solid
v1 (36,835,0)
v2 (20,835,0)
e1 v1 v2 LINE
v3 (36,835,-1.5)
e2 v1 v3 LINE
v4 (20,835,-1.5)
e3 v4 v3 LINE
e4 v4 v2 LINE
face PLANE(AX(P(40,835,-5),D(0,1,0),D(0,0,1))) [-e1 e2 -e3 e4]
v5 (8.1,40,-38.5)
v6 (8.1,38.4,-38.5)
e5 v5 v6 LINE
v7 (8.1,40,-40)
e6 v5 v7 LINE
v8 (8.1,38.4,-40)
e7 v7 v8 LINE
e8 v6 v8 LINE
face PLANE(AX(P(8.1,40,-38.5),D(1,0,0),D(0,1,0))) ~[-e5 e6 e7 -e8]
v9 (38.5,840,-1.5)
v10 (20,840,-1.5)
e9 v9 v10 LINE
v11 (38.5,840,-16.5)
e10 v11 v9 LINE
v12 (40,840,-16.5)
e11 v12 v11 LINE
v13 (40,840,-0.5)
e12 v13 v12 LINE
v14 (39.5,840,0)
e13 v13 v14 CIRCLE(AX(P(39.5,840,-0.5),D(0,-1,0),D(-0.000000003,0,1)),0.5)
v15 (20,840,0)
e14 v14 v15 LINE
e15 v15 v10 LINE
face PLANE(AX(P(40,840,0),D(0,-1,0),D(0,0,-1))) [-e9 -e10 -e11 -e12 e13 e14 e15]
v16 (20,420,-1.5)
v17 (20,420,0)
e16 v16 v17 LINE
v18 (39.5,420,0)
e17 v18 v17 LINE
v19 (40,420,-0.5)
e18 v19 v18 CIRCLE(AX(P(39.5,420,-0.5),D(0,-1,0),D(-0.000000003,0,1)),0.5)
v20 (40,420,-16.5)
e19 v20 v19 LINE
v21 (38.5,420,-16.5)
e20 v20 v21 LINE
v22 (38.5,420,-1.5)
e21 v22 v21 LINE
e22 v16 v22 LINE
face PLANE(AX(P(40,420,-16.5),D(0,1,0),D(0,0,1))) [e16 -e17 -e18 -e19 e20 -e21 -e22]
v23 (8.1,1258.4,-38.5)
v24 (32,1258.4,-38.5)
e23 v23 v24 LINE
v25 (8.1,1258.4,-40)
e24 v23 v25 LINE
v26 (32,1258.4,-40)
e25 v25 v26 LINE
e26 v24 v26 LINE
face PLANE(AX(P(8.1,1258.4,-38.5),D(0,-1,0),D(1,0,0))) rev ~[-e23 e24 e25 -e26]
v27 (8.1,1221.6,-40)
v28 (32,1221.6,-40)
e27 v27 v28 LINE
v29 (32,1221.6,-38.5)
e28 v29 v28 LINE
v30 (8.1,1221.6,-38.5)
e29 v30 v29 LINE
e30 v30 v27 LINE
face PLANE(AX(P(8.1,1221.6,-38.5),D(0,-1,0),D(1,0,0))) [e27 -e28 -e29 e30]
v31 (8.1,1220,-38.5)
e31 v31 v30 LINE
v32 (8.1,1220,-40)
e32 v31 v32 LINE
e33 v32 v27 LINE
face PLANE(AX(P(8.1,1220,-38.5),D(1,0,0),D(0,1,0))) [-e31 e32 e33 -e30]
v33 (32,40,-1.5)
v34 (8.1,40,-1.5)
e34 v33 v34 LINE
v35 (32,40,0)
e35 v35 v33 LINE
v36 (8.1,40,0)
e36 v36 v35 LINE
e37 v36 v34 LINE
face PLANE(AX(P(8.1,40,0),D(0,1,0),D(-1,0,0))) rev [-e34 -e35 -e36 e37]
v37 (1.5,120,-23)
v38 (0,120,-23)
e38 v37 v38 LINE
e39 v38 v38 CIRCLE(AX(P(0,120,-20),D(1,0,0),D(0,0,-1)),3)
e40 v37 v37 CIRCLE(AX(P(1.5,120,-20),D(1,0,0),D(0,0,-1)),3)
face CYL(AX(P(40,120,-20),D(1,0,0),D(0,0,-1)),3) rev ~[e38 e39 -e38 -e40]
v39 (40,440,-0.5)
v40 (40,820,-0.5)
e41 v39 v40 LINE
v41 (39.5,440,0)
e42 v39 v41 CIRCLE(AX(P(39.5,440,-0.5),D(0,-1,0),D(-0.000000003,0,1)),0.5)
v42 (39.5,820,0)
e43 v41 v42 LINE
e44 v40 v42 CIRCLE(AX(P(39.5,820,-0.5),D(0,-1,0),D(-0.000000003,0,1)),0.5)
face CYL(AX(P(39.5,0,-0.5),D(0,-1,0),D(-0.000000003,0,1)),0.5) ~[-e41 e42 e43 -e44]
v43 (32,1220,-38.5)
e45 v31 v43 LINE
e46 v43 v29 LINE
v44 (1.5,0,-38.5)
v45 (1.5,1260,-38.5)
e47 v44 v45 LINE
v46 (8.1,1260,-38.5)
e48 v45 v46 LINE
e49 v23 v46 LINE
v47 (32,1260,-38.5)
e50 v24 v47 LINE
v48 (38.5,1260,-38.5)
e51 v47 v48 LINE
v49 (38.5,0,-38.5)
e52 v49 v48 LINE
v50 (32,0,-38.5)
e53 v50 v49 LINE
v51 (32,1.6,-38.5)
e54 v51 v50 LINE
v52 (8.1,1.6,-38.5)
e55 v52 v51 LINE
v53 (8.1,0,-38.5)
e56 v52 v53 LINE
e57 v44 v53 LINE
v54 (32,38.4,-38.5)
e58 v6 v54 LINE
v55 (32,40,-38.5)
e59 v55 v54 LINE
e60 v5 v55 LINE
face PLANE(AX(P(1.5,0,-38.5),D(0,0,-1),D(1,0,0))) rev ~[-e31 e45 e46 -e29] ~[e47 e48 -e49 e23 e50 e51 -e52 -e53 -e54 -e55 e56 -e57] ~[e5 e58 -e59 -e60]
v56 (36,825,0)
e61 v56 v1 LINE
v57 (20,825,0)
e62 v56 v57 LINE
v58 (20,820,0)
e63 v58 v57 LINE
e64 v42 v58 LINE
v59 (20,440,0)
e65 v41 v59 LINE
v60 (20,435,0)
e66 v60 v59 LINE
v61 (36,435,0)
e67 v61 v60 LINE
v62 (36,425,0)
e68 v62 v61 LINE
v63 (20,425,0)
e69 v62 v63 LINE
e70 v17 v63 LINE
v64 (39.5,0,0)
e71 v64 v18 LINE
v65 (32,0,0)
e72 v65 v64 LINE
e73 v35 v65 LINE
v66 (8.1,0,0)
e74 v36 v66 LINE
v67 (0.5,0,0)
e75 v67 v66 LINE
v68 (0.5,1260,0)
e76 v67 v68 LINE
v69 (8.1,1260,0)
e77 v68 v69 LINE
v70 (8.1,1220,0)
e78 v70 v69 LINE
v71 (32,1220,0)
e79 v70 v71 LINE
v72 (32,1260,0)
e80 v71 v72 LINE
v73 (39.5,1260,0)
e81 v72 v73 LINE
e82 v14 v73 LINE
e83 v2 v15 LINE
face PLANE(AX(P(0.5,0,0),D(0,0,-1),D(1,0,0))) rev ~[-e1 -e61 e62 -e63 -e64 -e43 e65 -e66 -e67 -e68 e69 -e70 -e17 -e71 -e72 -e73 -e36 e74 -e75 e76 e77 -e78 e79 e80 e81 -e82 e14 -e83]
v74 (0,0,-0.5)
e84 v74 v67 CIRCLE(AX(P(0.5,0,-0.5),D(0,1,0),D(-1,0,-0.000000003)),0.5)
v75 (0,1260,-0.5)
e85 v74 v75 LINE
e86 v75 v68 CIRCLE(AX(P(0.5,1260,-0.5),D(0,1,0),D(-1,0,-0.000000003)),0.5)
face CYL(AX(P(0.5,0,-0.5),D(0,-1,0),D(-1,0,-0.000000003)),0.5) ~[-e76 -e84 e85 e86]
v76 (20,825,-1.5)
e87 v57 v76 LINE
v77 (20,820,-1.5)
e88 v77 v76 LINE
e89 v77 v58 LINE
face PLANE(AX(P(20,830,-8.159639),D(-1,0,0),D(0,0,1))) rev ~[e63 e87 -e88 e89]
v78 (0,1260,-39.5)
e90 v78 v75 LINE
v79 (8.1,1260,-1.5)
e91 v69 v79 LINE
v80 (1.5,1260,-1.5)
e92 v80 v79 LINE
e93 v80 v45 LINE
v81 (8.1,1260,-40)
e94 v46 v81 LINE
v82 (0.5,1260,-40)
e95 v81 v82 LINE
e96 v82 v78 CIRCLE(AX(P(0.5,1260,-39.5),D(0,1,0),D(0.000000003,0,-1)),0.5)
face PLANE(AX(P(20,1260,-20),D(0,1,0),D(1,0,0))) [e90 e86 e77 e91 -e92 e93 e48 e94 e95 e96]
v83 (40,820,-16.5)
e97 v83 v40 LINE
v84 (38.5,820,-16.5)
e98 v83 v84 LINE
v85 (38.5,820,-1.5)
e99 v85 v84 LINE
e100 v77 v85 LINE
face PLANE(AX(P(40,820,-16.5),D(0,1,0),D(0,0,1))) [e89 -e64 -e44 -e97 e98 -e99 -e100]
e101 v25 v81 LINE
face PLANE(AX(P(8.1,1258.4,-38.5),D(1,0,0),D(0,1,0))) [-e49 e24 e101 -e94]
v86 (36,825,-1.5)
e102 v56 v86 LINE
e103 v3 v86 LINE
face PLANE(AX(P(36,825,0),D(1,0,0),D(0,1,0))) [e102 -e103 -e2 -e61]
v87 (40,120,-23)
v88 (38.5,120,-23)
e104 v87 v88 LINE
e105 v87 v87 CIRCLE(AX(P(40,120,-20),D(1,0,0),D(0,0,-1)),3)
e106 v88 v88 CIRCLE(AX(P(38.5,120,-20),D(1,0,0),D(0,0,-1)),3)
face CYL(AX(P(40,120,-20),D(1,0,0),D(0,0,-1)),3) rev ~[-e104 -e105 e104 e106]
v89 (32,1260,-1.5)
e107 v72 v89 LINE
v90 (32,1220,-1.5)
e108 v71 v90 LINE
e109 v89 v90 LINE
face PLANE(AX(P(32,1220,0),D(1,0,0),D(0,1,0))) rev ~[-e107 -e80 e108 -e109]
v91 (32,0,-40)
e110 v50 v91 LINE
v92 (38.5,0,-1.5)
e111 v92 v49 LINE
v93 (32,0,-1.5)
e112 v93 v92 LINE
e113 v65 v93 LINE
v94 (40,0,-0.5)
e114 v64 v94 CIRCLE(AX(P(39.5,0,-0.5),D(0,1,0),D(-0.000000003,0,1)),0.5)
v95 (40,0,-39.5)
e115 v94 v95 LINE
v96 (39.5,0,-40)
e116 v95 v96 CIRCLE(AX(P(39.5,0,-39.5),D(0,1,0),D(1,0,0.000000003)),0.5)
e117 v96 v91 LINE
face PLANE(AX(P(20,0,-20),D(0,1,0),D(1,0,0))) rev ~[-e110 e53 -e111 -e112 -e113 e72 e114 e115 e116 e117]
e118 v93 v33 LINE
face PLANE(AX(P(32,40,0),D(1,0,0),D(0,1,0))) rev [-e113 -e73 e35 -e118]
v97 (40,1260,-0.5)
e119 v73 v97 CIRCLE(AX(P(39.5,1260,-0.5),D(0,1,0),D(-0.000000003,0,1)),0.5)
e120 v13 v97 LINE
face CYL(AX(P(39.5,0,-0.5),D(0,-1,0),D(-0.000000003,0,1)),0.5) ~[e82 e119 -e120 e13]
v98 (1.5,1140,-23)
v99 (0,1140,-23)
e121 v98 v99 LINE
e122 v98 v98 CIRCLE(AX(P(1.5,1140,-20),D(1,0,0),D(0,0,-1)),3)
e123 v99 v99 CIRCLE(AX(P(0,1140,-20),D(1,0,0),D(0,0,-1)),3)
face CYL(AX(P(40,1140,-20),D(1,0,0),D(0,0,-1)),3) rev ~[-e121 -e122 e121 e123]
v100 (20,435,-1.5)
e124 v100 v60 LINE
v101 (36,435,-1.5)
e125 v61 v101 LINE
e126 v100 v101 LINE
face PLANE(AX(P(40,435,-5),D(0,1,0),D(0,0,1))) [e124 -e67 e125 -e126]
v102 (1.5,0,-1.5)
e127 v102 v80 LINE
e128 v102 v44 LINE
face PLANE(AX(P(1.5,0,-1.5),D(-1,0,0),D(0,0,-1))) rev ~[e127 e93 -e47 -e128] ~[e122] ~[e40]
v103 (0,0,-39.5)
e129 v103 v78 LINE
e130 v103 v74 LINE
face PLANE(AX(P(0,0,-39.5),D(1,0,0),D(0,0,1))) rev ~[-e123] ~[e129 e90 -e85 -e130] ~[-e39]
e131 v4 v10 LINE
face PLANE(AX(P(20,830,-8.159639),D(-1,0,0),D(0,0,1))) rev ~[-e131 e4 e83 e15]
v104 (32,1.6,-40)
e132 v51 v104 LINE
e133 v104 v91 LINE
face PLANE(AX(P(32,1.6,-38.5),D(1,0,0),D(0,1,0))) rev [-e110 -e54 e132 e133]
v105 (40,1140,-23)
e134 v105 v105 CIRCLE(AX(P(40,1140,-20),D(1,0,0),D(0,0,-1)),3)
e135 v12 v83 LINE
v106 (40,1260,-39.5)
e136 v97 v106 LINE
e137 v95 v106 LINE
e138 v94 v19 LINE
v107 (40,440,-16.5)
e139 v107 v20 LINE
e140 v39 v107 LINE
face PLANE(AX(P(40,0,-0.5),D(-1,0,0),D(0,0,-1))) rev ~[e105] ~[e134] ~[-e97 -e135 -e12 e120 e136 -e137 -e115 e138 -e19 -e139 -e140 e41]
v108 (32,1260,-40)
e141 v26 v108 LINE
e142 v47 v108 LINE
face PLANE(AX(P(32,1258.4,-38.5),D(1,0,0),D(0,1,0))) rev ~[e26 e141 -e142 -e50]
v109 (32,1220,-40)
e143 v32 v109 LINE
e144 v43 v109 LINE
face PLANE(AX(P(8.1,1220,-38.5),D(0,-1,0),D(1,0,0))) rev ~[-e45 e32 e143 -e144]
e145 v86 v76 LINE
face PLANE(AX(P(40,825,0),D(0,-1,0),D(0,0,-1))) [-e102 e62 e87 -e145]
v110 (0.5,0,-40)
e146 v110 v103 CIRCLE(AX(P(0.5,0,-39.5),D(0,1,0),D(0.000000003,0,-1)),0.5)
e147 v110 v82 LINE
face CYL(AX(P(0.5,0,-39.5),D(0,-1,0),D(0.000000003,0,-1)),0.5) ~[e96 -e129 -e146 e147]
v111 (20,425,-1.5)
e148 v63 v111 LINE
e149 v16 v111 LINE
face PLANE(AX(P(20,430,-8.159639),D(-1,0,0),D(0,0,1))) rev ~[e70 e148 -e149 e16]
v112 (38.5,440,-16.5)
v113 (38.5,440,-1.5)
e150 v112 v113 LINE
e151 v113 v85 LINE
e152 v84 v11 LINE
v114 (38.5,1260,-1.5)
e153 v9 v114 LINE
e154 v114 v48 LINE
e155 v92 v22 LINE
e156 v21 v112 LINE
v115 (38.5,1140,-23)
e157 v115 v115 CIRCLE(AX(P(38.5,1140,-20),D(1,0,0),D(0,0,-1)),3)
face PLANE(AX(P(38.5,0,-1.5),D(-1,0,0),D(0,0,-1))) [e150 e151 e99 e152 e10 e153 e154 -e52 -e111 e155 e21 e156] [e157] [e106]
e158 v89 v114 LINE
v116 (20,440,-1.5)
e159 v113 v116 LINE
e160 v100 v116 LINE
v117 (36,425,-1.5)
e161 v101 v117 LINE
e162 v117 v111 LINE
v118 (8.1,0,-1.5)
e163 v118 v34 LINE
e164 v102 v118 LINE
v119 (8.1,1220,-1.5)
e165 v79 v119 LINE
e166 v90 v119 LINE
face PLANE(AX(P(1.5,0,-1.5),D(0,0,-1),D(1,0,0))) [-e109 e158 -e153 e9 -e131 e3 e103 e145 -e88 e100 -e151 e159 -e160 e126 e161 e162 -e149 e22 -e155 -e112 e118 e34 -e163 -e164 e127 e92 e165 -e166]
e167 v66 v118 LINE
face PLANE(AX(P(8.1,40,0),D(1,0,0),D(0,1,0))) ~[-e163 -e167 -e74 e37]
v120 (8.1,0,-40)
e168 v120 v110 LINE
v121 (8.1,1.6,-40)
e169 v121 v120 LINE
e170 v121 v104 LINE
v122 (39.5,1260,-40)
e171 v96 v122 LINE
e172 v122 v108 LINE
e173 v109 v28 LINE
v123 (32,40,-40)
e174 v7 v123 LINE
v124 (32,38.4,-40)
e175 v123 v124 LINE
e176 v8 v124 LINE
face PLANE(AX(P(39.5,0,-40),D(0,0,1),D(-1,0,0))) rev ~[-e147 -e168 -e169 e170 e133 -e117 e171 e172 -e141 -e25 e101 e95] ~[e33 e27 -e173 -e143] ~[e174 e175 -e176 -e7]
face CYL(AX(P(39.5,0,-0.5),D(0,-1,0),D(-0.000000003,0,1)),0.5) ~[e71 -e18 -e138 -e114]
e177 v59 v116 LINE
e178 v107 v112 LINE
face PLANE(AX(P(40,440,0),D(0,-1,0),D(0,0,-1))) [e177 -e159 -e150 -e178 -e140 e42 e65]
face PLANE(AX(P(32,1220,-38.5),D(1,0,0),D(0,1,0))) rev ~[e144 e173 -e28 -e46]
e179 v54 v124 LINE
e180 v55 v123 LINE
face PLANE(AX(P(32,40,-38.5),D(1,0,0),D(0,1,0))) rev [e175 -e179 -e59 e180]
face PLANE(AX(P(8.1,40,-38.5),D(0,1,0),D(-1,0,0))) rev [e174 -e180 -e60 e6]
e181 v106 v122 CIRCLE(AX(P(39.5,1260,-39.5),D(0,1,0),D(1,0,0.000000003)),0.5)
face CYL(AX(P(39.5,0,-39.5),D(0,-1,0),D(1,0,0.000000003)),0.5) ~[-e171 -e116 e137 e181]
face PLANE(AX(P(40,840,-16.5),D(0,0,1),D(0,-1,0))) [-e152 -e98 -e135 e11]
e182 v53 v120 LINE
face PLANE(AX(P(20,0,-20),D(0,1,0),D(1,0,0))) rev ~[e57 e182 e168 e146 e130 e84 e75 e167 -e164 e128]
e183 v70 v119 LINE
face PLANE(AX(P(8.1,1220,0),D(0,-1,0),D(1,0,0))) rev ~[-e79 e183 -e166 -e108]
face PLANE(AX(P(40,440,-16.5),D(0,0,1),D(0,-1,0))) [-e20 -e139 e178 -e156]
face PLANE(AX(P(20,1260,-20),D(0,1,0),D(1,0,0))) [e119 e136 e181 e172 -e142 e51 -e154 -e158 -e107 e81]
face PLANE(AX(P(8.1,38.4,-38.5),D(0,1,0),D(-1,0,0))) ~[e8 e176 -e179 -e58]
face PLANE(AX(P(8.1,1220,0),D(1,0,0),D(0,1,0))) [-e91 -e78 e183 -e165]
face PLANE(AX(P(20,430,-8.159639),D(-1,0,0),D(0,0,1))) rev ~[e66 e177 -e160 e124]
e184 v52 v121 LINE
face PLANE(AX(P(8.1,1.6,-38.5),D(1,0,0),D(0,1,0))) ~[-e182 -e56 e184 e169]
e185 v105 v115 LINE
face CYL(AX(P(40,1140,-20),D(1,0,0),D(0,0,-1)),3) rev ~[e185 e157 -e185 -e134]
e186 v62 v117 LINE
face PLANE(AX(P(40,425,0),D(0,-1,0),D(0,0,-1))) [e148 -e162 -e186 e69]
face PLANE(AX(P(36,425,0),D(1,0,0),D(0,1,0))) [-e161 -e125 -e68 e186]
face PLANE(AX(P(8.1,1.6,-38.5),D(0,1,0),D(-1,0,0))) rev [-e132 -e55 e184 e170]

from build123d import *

# Parameters (mm, degrees)
SKETCH1_W           = 37
SKETCH1_H           = 37
BOSS_EXTRUDE1_DEPTH = 1260
SKETCH2_W           = 23.9
SKETCH2_H           = 40
CUT_EXTRUDE1_DEPTH  = 20
SKETCH3_W           = 23.9
SKETCH3_H           = 1.6
CUT_EXTRUDE2_DEPTH  = 20
CUT_EXTRUDE3_DEPTH  = 20
SKETCH5_W           = 4
SKETCH5_H           = 10
CUT_EXTRUDE4_DEPTH  = 10
LPATTERN1_COUNT     = 2
LPATTERN1_PITCH     = 400
SKETCH6_R           = 3
CUT_EXTRUDE5_DEPTH  = 1262.269202034


with BuildPart() as part:
    # Sketch1 → Boss-Extrude1 (new body)
    with BuildSketch(Plane(origin=(0, 0, 0), x_dir=(1, 0, 0), z_dir=(0, 1, 0))):
        with BuildLine():
            Line((0.5, 0), (39.5, 0))
            ThreePointArc((39.5, 0), (39.853553391, 0.146446609), (40, 0.5))
            Line((40, 0.5), (40, 39.5))
            ThreePointArc((40, 39.5), (39.853553391, 39.853553391), (39.5, 40))
            Line((39.5, 40), (0.5, 40))
            ThreePointArc((0.5, 40), (0.146446609, 39.853553391), (0, 39.5))
            Line((0, 39.5), (0, 0.5))
            ThreePointArc((0, 0.5), (0.146446609, 0.146446609), (0.5, 0))
        make_face()
        with Locations((20, 20)):
            Rectangle(SKETCH1_W, SKETCH1_H, mode=Mode.SUBTRACT)
    extrude(amount=BOSS_EXTRUDE1_DEPTH)

    # Sketch2 → Cut-Extrude1 (cut)
    with BuildSketch(Plane.XY):
        with Locations((20.05, 1240)):
            Rectangle(SKETCH2_W, SKETCH2_H)
    cut_extrude1 = extrude(amount=-CUT_EXTRUDE1_DEPTH, mode=Mode.SUBTRACT)

    # Sketch3 → Cut-Extrude2 (cut)
    with BuildSketch(Plane.XY.offset(-38.5)):
        with Locations((20.05, 1259.2)):
            Rectangle(SKETCH3_W, SKETCH3_H)
        with Locations((20.05, 1220.8)):
            Rectangle(SKETCH3_W, SKETCH3_H)
    cut_extrude2 = extrude(amount=-CUT_EXTRUDE2_DEPTH, mode=Mode.SUBTRACT)

    # Mirror1: Cut-Extrude1, Cut-Extrude2 across plane
    add(cut_extrude1.mirror(Plane.ZX.offset(630)), mode=Mode.SUBTRACT)
    add(cut_extrude2.mirror(Plane.ZX.offset(630)), mode=Mode.SUBTRACT)

    # Sketch4 → Cut-Extrude3 (cut)
    with BuildSketch(Plane(origin=(40, 0, 0), x_dir=(0, 0, -1), z_dir=(1, 0, 0))):
        Polygon((0, 840), (16.5, 840), (16.5, 820), (0, 820), (0, 825), (5, 825), (5, 835), (0, 835), align=None)
    cut_extrude3 = extrude(amount=-CUT_EXTRUDE3_DEPTH, mode=Mode.SUBTRACT)

    # Sketch5 → Cut-Extrude4 (cut)
    with BuildSketch(Plane.XY):
        with Locations((38, 830)):
            Rectangle(SKETCH5_W, SKETCH5_H)
    cut_extrude4 = extrude(amount=-CUT_EXTRUDE4_DEPTH, mode=Mode.SUBTRACT)

    # LPattern1: Cut-Extrude3, Cut-Extrude4 ×2
    with Locations(*[(0, -i * LPATTERN1_PITCH, 0) for i in range(1, LPATTERN1_COUNT)]):
        add(cut_extrude3, mode=Mode.SUBTRACT)
        add(cut_extrude4, mode=Mode.SUBTRACT)

    # Sketch6 → Cut-Extrude5 (cut, through all)
    with BuildSketch(Plane(origin=(40, 0, 0), x_dir=(0, 0, -1), z_dir=(1, 0, 0))):
        with Locations((20, 1140)):
            Circle(SKETCH6_R)
        with Locations((20, 120)):
            Circle(SKETCH6_R)
    extrude(amount=-CUT_EXTRUDE5_DEPTH, mode=Mode.SUBTRACT)


solid = part.part
